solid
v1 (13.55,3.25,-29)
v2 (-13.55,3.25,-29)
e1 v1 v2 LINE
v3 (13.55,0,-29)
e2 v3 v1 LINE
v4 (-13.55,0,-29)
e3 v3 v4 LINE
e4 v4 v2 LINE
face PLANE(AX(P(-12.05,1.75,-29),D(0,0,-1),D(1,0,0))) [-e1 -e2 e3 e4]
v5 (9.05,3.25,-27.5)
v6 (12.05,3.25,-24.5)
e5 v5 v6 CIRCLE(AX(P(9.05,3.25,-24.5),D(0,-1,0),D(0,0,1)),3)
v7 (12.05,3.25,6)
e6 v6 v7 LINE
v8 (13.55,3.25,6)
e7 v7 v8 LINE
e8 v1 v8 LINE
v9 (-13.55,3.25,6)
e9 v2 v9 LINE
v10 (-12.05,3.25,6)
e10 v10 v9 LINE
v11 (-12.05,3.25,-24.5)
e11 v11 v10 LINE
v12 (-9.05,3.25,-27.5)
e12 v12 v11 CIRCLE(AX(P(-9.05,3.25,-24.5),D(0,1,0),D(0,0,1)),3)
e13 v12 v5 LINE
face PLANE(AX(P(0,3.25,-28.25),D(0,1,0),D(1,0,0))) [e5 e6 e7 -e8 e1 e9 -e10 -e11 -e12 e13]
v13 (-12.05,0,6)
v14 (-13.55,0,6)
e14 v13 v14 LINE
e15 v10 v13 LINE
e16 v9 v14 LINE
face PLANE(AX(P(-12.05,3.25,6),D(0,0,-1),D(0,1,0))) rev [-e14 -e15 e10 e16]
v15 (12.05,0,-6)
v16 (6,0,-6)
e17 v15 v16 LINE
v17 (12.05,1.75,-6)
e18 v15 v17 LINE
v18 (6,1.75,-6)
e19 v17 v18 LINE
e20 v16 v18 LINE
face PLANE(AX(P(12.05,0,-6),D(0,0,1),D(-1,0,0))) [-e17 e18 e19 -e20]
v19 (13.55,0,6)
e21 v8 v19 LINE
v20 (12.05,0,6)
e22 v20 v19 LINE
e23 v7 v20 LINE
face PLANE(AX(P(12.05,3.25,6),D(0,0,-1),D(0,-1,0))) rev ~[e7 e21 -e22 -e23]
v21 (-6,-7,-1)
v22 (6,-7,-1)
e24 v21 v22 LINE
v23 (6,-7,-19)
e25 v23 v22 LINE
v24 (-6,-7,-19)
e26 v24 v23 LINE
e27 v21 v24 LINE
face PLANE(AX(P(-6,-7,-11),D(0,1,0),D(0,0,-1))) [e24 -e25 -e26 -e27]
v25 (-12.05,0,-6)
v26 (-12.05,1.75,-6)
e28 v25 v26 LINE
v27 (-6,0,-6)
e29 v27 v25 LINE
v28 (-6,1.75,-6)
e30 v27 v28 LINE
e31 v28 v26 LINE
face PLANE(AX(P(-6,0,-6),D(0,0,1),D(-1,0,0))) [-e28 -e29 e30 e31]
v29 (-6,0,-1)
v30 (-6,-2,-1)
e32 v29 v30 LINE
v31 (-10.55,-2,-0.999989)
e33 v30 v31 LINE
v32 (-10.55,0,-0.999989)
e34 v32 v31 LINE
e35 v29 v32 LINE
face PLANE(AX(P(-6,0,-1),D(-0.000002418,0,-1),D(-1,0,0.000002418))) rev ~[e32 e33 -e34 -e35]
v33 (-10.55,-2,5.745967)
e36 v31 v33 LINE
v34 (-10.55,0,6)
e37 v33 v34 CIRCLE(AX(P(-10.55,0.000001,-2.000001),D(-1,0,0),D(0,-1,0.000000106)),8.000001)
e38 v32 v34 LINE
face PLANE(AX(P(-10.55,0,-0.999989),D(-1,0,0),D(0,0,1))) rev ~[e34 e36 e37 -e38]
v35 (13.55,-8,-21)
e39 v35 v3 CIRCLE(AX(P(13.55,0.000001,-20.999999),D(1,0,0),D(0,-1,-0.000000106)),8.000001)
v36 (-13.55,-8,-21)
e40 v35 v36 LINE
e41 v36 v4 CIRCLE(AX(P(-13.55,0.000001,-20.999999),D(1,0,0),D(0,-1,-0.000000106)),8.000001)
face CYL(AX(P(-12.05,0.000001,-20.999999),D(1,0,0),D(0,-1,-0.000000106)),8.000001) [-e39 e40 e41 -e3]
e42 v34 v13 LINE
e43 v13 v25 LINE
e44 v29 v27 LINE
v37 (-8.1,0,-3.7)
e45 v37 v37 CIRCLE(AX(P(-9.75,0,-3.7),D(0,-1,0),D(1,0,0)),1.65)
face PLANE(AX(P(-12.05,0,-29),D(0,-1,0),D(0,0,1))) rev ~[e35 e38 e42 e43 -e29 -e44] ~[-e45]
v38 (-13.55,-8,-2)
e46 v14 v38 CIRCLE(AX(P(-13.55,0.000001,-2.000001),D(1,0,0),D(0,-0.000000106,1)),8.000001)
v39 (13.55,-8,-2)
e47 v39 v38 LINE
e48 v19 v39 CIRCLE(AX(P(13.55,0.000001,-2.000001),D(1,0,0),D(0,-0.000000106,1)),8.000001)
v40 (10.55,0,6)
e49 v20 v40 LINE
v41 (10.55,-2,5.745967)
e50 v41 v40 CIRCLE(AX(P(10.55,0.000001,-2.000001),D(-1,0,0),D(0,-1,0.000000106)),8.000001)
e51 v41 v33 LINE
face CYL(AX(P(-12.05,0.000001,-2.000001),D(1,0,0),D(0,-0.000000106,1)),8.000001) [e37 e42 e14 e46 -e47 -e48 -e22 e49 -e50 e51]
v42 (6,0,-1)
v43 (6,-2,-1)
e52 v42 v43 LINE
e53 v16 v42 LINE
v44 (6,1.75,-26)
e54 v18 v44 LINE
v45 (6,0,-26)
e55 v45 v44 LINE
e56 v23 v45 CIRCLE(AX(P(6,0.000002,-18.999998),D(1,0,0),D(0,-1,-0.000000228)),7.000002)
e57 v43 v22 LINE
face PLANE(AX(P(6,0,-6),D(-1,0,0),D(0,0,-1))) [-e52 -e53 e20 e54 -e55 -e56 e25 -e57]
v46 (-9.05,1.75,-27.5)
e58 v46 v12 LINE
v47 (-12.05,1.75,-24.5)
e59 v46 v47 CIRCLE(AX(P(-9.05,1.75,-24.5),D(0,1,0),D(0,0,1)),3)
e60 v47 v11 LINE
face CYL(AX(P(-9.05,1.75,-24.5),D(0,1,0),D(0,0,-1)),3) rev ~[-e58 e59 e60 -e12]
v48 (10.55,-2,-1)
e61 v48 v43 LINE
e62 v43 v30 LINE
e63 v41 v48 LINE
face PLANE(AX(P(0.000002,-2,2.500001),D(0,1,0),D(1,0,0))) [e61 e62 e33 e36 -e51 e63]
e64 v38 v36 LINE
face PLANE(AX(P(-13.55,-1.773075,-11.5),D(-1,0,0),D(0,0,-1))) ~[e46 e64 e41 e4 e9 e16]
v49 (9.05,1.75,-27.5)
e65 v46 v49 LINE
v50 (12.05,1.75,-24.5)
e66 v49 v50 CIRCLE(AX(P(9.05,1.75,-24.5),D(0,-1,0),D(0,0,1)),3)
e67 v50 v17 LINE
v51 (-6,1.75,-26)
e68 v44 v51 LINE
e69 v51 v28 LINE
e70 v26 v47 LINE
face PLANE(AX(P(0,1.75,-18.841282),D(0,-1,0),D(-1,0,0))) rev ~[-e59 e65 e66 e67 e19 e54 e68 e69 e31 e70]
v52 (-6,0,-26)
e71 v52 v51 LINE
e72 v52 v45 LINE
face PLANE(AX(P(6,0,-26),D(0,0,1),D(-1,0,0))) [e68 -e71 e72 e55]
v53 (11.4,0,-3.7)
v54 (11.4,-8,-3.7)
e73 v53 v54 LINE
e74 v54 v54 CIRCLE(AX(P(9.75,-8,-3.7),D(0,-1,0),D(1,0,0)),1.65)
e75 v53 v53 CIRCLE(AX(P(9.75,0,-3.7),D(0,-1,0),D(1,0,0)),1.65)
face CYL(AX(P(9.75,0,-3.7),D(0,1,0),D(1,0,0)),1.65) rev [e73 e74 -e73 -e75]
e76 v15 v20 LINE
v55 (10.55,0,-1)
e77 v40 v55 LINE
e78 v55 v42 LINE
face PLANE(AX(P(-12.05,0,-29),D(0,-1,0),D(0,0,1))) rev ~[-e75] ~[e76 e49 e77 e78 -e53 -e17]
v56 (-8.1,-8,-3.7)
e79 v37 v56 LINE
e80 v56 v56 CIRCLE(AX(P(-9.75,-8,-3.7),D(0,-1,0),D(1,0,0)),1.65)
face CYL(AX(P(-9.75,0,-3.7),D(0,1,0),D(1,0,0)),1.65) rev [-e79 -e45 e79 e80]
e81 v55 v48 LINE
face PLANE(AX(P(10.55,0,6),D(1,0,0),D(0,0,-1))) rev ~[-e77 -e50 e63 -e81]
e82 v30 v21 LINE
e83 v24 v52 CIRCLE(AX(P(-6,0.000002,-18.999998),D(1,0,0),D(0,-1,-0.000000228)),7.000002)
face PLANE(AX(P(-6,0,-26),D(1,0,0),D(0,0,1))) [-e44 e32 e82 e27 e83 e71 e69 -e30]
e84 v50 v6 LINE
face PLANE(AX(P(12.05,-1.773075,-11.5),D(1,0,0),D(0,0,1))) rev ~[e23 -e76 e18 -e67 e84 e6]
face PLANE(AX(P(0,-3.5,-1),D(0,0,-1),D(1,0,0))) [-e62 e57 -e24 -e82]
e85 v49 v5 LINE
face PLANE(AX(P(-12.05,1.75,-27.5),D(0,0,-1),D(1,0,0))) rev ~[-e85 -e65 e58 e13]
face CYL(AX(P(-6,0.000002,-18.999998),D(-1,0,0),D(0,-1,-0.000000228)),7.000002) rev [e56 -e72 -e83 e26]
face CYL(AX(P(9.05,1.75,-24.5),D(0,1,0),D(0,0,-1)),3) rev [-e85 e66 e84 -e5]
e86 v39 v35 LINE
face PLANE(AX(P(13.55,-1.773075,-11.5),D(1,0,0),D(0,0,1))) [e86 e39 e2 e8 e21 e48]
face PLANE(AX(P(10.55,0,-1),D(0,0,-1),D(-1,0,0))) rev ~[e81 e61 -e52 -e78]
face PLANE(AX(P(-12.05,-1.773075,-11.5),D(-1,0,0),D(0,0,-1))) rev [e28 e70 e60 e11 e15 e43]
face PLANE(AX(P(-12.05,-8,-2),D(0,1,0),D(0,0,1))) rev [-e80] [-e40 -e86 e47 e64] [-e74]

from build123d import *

# Parameters (mm, degrees)
SKETCH_R        = 1.65
PAD_DEPTH       = 8
SKETCH001_W     = 12
SKETCH001_H     = 7
POCKET_DEPTH    = 10
POCKET001_DEPTH = 24.101
PAD001_DEPTH    = 24.1
POCKET002_DEPTH = 12
PAD002_DEPTH    = 1.75
POCKET003_DEPTH = 2
PAD003_DEPTH    = 1.5
SKETCH009_W     = 24.1
SKETCH009_H     = 1.5
PAD004_DEPTH    = 1.5
FILLET_R        = 3


with BuildPart() as part:
    # Sketch → Pad (new body)
    with BuildSketch(Plane.XZ):
        Polygon((-12.05, 6), (-12.05, -6), (-12.05, -11), (12.05, -11), (12.05, -6), (12.05, 6), align=None)
        with Locations((-9.75, -3.7)):
            Circle(SKETCH_R, mode=Mode.SUBTRACT)
        with Locations((9.75, -3.7)):
            Circle(SKETCH_R, mode=Mode.SUBTRACT)
    extrude(amount=PAD_DEPTH)

    # Sketch001 (on Face1 of Pad) → Pocket (cut)
    with BuildSketch(Plane(origin=(0, 0, -11), x_dir=(1, 0, 0), z_dir=(0, 0, -1))):
        with Locations((0, 3.5)):
            Rectangle(SKETCH001_W, SKETCH001_H)
    extrude(amount=-POCKET_DEPTH, mode=Mode.SUBTRACT)

    # Sketch003 (on Face8 of Pocket) → Pocket001 (cut, through all)
    with BuildSketch(Plane(origin=(-12.05, 0, 0), x_dir=(0, 0, -1), z_dir=(-1, 0, 0))):
        with BuildLine():
            ThreePointArc((2, 8), (-3.656854, 5.656854), (-6, 0))
            Line((-6, 0), (-6, 8))
            Line((-6, 8), (2, 8))
        make_face()
    extrude(amount=-POCKET001_DEPTH, mode=Mode.SUBTRACT)

    # Sketch004 (on Face8 of Pocket001) → Pad001 (join)
    with BuildSketch(Plane(origin=(-12.05, 0, 0), x_dir=(0, 0, -1), z_dir=(-1, 0, 0))):
        with BuildLine():
            Line((11, 8), (21, 8))
            ThreePointArc((29, 0), (26.656854, 5.656854), (21, 8))
            Line((29, 0), (11, 0))
            Line((11, 0), (11, 8))
        make_face()
    extrude(amount=-PAD001_DEPTH)

    # Sketch005 (on Face4 of Pad001) → Pocket002 (cut)
    with BuildSketch(Plane(origin=(-6, 0, 0), x_dir=(0, 0, 1), z_dir=(1, 0, 0))):
        with BuildLine():
            Line((-11, 7), (-19, 7))
            ThreePointArc((-19, 7), (-23.949747, 4.949747), (-26, 0))
            Line((-26, 0), (-11, 0))
            Line((-11, 0), (-11, 7))
        make_face()
    extrude(amount=POCKET002_DEPTH, mode=Mode.SUBTRACT)

    # Sketch006 (on Face3 of Pocket002) → Pad002 (join)
    with BuildSketch(Plane(origin=(0, 0, 0), x_dir=(1, 0, 0), z_dir=(0, 1, 0))):
        Polygon((-12.05, 6), (-12.05, 29), (12.05, 29), (12.05, 6), (6, 6), (6, 26), (-6, 26), (-6, 6), align=None)
    extrude(amount=PAD002_DEPTH)

    # Sketch007 (on Face2 of Pad002) → Pocket003 (cut)
    with BuildSketch(Plane(origin=(0, 0, 0), x_dir=(1, 0, 0), z_dir=(0, 1, 0))):
        Polygon((-6, 1), (-10.55, 0.999989), (-10.55, -6), (10.55, -6), (10.55, 1), (6, 1), align=None)
    extrude(amount=-POCKET003_DEPTH, mode=Mode.SUBTRACT)

    # Sketch008 (on Face8 of Pocket003) → Pad003 (join)
    with BuildSketch(Plane(origin=(12.05, 0, 0), x_dir=(0, 0, 1), z_dir=(1, 0, 0))):
        with BuildLine():
            Line((-29, 0), (-29, -3.25))
            Line((-29, -3.25), (6, -3.25))
            Line((6, -3.25), (6, 0))
            ThreePointArc((6, 0), (3.656854, 5.656854), (-2, 8))
            Line((-2, 8), (-21, 8))
            ThreePointArc((-21, 8), (-26.656854, 5.656854), (-29, 0))
        make_face()
    pad003 = extrude(amount=PAD003_DEPTH)

    # Mirrored: Pad003 across YZ
    add(pad003.mirror(Plane.YZ))

    # Sketch009 (on Face11 of Mirrored) → Pad004 (join)
    with BuildSketch(Plane(origin=(0, 1.75, 0), x_dir=(1, 0, 0), z_dir=(0, 1, 0))):
        with Locations((0, 28.25)):
            Rectangle(SKETCH009_W, SKETCH009_H)
    extrude(amount=PAD004_DEPTH)

    # Fillet
    fillet_edges = [part.edges().sort_by_distance(p)[0] for p in [
        (-12.05, 2.5, -27.5),
        (12.05, 2.5, -27.5),
    ]]
    fillet(fillet_edges, radius=FILLET_R)


solid = part.part
